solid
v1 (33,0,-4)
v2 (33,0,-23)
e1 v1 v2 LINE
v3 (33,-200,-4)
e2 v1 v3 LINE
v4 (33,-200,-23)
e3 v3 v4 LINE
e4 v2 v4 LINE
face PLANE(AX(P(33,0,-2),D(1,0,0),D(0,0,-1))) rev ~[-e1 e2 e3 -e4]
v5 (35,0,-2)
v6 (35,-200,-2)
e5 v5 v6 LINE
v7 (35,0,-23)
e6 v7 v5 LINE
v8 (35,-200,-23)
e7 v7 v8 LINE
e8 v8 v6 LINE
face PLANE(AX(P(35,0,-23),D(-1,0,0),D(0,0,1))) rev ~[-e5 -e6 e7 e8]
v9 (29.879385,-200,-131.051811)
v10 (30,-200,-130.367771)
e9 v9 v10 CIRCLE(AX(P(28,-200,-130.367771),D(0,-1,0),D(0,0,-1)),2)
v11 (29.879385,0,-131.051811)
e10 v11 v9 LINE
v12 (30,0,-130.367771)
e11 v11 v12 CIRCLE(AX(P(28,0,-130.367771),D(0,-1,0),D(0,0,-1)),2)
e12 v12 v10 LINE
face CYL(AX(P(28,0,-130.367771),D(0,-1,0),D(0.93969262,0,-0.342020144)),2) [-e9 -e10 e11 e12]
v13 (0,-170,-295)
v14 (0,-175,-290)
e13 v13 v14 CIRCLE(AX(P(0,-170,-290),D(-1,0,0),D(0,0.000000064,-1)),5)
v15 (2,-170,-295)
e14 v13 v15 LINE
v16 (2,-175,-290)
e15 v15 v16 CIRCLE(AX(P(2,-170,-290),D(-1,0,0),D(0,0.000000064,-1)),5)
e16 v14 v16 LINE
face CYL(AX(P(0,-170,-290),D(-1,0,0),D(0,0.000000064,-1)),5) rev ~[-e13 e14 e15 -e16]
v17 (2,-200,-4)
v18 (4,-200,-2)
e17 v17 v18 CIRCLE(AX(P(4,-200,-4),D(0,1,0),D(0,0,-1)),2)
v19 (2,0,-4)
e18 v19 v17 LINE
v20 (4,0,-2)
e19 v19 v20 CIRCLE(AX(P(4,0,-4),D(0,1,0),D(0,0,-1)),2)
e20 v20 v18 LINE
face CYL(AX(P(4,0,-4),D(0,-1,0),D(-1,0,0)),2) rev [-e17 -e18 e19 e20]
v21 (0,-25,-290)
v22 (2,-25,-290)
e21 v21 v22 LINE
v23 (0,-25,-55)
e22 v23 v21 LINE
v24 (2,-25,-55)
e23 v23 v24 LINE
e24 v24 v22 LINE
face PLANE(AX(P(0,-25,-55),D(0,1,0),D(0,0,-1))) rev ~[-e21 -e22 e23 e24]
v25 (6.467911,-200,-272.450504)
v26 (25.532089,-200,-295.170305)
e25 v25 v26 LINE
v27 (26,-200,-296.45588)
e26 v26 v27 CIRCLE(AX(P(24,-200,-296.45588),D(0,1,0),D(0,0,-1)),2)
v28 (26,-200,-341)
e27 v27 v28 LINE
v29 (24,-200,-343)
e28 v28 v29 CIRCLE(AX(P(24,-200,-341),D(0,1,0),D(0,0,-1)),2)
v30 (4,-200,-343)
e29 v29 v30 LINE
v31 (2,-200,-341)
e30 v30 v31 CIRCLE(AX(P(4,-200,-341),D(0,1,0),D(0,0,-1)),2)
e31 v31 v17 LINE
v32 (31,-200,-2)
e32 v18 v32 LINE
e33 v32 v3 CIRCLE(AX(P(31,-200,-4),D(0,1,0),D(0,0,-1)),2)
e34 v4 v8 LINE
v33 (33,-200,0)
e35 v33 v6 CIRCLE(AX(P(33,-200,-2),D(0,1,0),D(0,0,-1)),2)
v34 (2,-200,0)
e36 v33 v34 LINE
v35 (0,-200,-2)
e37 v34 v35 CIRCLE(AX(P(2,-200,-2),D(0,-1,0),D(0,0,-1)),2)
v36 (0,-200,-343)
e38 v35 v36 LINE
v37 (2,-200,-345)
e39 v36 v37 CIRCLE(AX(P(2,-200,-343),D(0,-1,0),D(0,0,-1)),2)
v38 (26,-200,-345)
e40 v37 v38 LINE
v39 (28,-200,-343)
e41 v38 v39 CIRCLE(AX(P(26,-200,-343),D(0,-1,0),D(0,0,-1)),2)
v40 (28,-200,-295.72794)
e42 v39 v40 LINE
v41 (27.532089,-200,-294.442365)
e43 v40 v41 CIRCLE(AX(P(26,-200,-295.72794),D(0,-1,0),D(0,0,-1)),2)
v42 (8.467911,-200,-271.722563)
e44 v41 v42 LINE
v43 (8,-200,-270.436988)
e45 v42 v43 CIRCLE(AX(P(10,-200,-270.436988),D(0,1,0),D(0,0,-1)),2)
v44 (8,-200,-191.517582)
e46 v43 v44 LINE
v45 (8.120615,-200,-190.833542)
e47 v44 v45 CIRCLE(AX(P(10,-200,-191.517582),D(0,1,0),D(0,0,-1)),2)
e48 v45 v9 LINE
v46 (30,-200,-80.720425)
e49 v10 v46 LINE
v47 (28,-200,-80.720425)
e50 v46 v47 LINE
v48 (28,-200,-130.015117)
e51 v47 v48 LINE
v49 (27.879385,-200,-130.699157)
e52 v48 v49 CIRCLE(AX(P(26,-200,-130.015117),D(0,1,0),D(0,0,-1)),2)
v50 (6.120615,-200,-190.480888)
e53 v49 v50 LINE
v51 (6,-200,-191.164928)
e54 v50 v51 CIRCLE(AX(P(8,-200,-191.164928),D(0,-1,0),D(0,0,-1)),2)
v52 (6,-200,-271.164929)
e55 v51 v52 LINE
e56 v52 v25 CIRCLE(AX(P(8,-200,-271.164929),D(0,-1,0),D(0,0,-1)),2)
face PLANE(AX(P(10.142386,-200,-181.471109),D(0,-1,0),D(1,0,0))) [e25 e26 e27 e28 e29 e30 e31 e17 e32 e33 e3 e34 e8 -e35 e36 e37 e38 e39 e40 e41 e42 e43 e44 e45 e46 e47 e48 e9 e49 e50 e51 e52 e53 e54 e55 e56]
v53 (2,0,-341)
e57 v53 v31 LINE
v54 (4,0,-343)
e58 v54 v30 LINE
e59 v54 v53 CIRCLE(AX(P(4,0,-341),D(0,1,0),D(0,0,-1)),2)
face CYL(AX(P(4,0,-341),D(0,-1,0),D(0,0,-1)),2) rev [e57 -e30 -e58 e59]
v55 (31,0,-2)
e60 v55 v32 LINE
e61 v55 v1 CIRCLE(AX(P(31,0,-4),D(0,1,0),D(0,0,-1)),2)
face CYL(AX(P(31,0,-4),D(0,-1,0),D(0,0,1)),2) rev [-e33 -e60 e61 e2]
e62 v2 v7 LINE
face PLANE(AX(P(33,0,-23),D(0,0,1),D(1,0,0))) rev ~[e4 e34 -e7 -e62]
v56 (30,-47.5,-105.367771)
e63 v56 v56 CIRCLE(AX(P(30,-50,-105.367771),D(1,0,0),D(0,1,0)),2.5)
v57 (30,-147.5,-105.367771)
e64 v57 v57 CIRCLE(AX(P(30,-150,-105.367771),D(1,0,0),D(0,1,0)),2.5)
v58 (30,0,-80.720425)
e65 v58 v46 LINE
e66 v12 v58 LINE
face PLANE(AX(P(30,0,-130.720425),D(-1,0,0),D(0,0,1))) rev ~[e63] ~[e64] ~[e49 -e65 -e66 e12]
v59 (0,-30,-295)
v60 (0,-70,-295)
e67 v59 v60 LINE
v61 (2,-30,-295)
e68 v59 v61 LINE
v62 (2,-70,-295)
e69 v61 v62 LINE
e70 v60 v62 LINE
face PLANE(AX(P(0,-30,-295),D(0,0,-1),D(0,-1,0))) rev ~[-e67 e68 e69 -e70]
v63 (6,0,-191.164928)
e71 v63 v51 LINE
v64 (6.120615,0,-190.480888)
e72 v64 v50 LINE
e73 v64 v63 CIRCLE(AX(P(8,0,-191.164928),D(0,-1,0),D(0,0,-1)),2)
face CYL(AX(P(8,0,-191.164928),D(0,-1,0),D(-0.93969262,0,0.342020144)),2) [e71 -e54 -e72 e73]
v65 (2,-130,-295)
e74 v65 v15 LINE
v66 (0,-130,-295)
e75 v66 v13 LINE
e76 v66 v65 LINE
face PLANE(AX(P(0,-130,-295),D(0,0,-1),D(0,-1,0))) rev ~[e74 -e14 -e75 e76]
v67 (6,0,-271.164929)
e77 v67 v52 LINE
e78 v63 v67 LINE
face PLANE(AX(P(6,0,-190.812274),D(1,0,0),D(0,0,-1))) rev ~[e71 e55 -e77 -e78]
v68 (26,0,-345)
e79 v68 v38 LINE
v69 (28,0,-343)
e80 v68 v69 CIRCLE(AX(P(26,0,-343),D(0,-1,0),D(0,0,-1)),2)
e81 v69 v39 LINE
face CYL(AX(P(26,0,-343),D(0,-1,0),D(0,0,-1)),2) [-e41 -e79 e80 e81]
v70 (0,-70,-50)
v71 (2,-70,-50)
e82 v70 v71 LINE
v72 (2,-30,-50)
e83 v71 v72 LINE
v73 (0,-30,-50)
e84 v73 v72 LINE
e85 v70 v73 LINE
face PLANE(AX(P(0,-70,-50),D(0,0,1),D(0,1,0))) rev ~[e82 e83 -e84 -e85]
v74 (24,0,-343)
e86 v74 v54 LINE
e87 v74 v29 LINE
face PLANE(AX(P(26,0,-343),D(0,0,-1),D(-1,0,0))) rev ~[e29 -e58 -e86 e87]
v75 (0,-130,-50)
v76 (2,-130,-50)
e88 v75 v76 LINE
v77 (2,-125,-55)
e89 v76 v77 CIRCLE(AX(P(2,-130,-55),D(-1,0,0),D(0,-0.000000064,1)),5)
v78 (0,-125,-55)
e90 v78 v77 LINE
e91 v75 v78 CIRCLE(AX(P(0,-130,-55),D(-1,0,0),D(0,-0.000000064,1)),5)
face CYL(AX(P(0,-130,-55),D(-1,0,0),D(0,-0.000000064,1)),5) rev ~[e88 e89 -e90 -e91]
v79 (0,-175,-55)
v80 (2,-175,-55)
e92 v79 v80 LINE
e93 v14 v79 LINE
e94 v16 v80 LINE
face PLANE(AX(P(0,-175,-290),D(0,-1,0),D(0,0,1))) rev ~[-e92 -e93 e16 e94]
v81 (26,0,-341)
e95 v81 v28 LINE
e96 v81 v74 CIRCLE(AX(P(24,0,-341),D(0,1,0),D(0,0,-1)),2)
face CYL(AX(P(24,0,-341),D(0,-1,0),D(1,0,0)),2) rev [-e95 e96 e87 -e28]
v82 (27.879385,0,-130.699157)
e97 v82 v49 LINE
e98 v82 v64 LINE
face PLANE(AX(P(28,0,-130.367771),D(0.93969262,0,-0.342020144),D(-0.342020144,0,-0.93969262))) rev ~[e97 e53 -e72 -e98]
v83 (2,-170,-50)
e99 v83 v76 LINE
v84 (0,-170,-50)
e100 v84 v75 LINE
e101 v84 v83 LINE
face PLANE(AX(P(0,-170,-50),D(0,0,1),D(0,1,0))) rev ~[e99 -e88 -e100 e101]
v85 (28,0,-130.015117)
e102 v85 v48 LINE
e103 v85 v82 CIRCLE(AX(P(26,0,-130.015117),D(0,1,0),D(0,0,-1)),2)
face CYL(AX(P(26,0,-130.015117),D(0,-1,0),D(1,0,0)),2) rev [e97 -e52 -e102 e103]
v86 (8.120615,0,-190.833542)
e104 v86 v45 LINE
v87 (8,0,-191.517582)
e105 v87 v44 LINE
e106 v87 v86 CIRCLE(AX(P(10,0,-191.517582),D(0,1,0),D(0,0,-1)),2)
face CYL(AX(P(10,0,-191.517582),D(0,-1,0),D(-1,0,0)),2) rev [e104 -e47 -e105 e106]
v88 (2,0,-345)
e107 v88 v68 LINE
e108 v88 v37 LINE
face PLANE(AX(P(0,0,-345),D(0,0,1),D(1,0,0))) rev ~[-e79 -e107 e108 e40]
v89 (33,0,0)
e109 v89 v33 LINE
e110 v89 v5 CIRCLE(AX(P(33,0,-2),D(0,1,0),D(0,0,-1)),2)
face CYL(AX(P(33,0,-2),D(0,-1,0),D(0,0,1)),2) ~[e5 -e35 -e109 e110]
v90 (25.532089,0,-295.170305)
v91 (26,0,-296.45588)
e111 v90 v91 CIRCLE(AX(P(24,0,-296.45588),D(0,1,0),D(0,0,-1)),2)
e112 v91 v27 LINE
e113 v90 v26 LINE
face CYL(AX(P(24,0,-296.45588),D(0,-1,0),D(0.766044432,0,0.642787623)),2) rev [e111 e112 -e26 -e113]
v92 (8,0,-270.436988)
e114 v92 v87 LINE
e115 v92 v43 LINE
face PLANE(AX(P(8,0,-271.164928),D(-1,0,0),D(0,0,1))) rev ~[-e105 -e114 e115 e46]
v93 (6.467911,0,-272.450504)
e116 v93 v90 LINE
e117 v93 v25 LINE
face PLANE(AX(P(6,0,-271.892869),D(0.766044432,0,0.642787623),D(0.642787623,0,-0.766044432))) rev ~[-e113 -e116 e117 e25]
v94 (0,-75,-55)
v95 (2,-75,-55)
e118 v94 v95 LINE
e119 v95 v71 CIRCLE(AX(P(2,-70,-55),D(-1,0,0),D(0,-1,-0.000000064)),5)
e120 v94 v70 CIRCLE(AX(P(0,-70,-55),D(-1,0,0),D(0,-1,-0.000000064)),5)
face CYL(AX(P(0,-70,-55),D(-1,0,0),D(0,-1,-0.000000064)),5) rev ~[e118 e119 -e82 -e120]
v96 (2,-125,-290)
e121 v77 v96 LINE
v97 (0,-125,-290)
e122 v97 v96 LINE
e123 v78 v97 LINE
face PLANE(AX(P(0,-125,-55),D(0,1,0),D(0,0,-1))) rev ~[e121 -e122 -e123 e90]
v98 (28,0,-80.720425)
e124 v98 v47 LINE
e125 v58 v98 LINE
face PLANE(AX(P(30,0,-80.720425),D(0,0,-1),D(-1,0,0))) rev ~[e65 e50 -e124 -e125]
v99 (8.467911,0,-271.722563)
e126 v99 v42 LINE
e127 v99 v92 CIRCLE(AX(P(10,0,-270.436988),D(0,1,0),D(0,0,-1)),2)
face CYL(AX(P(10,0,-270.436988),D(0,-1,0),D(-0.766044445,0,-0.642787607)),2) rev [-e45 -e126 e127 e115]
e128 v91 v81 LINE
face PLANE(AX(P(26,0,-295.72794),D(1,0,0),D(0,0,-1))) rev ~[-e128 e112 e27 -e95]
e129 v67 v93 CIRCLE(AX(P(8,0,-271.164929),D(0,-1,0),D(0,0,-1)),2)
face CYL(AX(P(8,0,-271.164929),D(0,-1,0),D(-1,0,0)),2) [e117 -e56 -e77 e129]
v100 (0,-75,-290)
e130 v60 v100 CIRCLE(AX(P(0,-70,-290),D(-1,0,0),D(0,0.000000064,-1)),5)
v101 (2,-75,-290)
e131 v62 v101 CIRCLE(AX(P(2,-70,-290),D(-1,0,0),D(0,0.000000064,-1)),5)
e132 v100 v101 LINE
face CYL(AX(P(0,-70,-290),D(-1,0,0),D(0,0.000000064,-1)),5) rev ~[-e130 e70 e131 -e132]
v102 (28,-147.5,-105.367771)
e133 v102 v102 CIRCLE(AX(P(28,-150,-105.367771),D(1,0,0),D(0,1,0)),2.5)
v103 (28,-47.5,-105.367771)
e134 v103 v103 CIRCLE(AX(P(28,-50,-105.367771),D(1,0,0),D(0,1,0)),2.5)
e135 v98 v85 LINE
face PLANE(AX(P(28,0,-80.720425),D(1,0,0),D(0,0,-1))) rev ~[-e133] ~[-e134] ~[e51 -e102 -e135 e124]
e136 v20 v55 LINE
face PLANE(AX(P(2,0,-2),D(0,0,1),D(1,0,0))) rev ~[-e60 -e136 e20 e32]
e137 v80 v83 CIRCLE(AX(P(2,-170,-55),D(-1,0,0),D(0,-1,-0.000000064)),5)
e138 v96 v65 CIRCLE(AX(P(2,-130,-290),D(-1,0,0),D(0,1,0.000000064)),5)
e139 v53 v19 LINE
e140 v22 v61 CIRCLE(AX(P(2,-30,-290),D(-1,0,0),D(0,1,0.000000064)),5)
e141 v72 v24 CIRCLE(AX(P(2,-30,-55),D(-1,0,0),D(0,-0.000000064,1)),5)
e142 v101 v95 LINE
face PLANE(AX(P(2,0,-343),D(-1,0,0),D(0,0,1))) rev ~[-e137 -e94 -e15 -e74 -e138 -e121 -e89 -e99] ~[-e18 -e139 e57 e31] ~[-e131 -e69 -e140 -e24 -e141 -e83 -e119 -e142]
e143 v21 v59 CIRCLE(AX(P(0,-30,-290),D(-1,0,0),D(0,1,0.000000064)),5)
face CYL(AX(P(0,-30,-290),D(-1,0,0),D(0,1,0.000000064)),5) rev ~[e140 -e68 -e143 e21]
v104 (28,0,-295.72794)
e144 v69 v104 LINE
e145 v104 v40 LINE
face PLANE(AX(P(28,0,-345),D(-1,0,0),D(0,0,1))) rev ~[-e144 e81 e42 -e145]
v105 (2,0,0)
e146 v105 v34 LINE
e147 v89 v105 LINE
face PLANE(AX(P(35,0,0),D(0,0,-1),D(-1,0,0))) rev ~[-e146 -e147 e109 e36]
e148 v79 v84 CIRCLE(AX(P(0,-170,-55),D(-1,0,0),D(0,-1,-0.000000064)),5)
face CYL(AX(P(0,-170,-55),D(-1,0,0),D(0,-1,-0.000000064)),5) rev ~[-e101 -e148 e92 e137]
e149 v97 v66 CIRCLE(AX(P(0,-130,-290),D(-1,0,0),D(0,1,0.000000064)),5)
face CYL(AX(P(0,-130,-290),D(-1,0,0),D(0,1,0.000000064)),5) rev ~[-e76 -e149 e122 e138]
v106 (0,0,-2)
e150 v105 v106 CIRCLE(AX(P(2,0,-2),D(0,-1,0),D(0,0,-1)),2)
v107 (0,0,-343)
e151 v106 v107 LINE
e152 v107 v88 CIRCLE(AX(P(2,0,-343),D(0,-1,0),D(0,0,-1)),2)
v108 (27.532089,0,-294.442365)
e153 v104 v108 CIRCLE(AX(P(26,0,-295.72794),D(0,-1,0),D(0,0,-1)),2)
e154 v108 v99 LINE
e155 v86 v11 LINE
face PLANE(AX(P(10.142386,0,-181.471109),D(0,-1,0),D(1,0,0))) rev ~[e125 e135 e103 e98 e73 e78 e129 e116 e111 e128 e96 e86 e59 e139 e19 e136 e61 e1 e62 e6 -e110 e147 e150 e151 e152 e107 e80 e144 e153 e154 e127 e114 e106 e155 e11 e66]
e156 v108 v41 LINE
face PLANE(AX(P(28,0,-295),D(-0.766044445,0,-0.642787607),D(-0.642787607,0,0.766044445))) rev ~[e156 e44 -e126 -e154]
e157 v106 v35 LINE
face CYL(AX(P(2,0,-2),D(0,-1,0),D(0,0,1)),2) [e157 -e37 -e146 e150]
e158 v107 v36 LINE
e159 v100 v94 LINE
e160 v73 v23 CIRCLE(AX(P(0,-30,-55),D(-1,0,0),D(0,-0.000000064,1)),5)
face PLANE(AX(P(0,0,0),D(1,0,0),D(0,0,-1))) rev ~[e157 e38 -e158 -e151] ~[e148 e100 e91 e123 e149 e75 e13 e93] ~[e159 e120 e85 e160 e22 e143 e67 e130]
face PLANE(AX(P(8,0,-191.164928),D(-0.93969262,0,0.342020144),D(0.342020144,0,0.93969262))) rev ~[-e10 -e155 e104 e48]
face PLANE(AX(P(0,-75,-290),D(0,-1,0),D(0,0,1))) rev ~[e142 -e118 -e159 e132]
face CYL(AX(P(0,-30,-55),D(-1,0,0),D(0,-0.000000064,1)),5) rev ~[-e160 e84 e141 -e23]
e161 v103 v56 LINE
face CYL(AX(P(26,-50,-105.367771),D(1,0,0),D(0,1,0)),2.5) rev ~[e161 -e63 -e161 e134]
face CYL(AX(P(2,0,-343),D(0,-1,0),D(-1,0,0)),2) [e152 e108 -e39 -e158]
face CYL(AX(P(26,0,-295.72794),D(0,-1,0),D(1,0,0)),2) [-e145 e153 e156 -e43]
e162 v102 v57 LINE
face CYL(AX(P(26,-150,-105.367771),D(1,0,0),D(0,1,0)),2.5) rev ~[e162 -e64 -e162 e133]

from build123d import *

# Parameters (mm, degrees)
F1_DEPTH = 200
F2_R     = 2
F4_DEPTH = 2
F6_D     = 5
F6_DEPTH = 2


with BuildPart() as f1:
    # F0 (on Front) → F1 (new body)
    with BuildSketch(Plane.XZ):
        Polygon((35, 0), (0, 0), (0, -345), (28, -345), (28, -295), (8, -271.164928), (8, -191.164928), (30, -130.720425), (30, -80.720425), (28, -80.720425), (28, -130.367771), (6, -190.812274), (6, -271.892869), (26, -295.72794), (26, -343), (2, -343), (2, -2), (33, -2), (33, -23), (35, -23), align=None)
    extrude(amount=F1_DEPTH)

    # F2
    f2_edges = [f1.edges().sort_by_distance(p)[0] for p in [
        (0, -100, 0),
        (35, -100, 0),
        (33, -100, -2),
        (2, -100, -2),
        (0, -100, -345),
        (2, -100, -343),
        (28, -100, -345),
        (26, -100, -343),
        (26, -100, -295.72794),
        (28, -100, -295),
        (8, -100, -271.164928),
        (6, -100, -271.892869),
        (6, -100, -190.812274),
        (8, -100, -191.164928),
        (30, -100, -130.720425),
        (28, -100, -130.367771),
    ]]
    fillet(f2_edges, radius=F2_R)

    # F3 (on face) → F4 (cut)
    with BuildSketch(Plane(origin=(0, 0, 0), x_dir=(0, -1, 0), z_dir=(-1, 0, 0))):
        with BuildLine():
            ThreePointArc((75, -55), (73.535534, -51.464466), (70, -50))
            Line((70, -50), (30, -50))
            ThreePointArc((30, -50), (26.464466, -51.464466), (25, -55))
            Line((25, -55), (25, -290))
            ThreePointArc((25, -290), (26.464466, -293.535534), (30, -295))
            Line((30, -295), (70, -295))
            ThreePointArc((70, -295), (73.535534, -293.535534), (75, -290))
            Line((75, -290), (75, -55))
        make_face()
        with BuildLine():
            ThreePointArc((170, -295), (173.535534, -293.535534), (175, -290))
            Line((175, -290), (175, -55))
            ThreePointArc((175, -55), (173.535534, -51.464466), (170, -50))
            Line((170, -50), (130, -50))
            ThreePointArc((130, -50), (126.464466, -51.464466), (125, -55))
            Line((125, -55), (125, -290))
            ThreePointArc((125, -290), (126.464466, -293.535534), (130, -295))
            Line((130, -295), (170, -295))
        make_face()
    extrude(amount=-F4_DEPTH, mode=Mode.SUBTRACT)

    # F6
    with Locations(Plane(origin=(28, 0, 0), x_dir=(0, -1, 0), z_dir=(-1, 0, 0))):
        with Locations((50, -105.367771), (150, -105.367771)):
            Hole(F6_D / 2, depth=F6_DEPTH)


solid = f1.part
